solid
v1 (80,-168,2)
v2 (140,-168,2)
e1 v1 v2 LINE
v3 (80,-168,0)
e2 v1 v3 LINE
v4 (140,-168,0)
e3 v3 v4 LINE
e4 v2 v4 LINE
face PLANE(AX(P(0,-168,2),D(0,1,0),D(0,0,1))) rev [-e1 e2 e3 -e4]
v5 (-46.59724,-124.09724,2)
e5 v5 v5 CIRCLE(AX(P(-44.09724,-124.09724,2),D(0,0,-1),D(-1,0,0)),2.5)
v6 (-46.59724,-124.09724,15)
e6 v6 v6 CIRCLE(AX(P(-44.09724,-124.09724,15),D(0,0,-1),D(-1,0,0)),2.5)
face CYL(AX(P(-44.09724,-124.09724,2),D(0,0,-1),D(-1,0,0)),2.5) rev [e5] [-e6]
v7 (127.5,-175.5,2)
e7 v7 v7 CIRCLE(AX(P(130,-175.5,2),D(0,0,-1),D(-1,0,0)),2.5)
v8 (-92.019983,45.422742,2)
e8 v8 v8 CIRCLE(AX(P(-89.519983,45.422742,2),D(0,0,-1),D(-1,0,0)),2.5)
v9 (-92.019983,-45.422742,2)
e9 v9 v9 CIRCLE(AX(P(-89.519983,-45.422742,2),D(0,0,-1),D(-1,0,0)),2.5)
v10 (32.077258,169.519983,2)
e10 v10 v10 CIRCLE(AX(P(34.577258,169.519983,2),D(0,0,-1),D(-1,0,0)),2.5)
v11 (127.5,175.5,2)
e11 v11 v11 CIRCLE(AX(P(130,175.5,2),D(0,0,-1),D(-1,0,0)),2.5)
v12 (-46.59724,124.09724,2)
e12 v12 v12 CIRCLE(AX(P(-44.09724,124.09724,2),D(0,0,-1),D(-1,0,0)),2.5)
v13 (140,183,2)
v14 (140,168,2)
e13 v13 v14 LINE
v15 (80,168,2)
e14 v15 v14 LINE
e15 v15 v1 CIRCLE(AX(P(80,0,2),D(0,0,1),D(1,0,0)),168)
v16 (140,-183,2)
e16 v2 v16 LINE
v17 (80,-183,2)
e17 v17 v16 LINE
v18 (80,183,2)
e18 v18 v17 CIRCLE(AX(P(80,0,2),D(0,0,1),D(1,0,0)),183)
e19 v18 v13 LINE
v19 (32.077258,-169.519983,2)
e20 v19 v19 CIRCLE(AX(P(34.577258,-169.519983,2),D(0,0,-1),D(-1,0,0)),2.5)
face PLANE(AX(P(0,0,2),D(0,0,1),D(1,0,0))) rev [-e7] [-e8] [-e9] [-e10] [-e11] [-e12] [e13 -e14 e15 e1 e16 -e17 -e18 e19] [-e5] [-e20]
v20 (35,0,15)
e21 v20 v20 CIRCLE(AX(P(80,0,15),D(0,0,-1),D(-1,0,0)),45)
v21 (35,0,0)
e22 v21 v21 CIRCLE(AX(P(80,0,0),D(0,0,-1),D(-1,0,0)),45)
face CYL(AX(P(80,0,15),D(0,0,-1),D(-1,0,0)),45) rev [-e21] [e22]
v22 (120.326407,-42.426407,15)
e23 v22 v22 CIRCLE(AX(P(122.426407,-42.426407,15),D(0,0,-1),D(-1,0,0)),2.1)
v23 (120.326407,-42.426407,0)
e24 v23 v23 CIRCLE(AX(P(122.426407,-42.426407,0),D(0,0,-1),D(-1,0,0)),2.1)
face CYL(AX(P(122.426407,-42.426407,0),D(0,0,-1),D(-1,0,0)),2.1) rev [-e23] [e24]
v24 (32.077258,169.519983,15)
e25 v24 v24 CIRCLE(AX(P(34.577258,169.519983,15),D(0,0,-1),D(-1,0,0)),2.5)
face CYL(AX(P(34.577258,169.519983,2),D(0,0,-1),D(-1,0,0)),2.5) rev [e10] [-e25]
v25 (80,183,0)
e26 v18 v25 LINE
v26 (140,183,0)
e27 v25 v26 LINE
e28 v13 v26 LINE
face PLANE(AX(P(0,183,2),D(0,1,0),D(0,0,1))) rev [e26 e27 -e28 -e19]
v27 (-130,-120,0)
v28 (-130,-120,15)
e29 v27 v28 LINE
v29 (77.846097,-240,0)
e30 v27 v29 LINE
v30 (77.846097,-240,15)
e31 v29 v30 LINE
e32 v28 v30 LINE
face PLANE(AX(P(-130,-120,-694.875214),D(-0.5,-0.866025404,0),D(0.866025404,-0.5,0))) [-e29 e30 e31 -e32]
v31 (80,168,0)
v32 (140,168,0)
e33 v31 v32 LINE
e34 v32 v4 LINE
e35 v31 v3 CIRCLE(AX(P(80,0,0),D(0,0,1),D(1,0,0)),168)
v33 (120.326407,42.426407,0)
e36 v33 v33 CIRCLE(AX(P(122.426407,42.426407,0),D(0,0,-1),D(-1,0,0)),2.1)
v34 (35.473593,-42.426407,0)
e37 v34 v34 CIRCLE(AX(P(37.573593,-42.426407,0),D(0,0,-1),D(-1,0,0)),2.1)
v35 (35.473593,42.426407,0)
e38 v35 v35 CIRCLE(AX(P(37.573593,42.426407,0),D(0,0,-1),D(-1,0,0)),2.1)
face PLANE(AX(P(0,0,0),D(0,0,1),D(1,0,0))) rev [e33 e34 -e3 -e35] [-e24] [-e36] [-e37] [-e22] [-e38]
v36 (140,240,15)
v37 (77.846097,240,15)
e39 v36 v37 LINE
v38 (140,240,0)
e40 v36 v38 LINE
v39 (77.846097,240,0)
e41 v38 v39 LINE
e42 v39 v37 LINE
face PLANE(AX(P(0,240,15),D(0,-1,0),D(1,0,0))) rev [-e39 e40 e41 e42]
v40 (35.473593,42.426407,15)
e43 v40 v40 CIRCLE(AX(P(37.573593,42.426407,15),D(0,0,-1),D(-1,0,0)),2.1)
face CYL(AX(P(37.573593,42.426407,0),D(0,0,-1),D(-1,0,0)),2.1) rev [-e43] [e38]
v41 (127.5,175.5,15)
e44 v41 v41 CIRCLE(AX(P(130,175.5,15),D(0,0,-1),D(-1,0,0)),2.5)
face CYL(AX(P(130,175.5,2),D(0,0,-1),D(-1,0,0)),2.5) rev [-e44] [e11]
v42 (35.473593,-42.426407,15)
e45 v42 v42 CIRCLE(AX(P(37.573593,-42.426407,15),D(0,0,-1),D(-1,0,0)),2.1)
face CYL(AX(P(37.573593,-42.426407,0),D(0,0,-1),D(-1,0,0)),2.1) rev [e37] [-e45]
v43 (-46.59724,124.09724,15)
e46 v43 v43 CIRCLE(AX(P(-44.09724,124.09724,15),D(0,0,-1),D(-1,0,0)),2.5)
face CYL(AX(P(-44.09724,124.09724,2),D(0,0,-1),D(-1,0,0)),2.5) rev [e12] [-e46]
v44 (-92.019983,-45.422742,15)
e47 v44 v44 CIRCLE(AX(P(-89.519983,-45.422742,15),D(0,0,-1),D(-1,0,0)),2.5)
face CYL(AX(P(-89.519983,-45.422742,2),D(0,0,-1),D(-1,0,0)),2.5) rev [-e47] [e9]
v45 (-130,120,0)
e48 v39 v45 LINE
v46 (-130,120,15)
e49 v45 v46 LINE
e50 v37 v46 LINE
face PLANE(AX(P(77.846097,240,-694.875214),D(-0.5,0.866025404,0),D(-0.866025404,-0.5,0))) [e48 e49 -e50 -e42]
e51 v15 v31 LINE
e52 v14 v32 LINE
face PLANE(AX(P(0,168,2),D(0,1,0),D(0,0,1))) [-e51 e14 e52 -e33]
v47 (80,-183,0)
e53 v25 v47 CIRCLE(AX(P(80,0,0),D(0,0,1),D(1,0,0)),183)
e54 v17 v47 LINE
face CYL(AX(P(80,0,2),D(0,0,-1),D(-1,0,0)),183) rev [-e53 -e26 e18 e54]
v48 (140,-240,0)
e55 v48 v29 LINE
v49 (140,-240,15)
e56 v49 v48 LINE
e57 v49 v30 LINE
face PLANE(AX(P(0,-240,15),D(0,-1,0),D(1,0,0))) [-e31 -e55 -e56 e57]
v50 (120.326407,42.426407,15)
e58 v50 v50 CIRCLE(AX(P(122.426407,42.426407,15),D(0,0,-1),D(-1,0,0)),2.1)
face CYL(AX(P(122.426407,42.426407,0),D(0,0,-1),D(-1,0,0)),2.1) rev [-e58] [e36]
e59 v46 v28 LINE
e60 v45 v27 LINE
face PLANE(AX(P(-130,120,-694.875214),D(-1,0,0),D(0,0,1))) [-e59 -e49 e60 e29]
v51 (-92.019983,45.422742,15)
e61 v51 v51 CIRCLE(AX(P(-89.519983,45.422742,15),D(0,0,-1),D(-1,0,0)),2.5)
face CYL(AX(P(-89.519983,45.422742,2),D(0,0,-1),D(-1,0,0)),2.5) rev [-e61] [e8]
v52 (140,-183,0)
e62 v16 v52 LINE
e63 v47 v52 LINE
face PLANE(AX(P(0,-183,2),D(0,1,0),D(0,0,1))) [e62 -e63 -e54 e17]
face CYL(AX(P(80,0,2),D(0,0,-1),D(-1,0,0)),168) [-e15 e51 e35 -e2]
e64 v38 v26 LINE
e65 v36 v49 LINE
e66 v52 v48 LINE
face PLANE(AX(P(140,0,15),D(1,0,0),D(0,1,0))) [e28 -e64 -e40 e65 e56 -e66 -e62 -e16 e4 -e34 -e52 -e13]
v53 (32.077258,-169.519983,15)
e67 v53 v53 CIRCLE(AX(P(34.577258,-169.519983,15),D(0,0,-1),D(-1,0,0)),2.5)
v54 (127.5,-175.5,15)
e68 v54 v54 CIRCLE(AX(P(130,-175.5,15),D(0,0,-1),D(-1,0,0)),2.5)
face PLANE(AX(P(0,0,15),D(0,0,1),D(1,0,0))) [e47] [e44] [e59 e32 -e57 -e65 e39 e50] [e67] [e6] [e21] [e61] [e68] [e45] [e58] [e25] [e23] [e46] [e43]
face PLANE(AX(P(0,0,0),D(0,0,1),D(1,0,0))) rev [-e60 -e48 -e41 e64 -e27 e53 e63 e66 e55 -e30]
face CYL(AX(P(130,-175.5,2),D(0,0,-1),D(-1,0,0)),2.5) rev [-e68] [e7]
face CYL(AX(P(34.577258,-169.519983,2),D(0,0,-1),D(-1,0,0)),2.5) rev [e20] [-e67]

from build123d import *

# Parameters (mm, degrees)
EXTRUDE_1_DEPTH          = 15
CUT_EXTRUDE_2_DEPTH      = 2
SKETCH_2_R               = 45
CUT_EXTRUDE_3_DEPTH      = 279.25348156
CUT_EXTRUDE_4_DEPTH      = 279.25348156
CUT_EXTRUDE_4_DEPTH_BACK = 279.25348156
HOLE_WIZARD_M5_1_D       = 4.2
HOLE_WIZARD_M6_1_D       = 5


with BuildPart() as part:
    # 草图1 → 凸台-拉伸1 (new body)
    with BuildSketch(Plane.XY):
        with BuildLine():
            Line((140, 183), (140, 240))
            Line((140, 240), (-140, 240))
            Line((-140, 240), (-140, -240))
            Line((-140, -240), (140, -240))
            Line((140, -240), (140, -183))
            Line((140, -183), (80, -183))
            ThreePointArc((80, -183), (-103, 0), (80, 183))
            Line((80, 183), (140, 183))
        make_face()
        with BuildLine():
            Line((140, -168), (140, 168))
            Line((140, 168), (80, 168))
            ThreePointArc((80, 168), (-88, 0), (80, -168))
            Line((80, -168), (140, -168))
        make_face()
        with BuildLine():
            Line((140, 168), (140, 183))
            Line((140, 183), (80, 183))
            ThreePointArc((80, 183), (-103, 0), (80, -183))
            Line((80, -183), (140, -183))
            Line((140, -183), (140, -168))
            Line((140, -168), (80, -168))
            ThreePointArc((80, -168), (-88, 0), (80, 168))
            Line((80, 168), (140, 168))
        make_face()
    extrude(amount=EXTRUDE_1_DEPTH)

    # 草图1<4> → 切除-拉伸2 (cut)
    with BuildSketch(Plane.XY):
        with BuildLine():
            Line((140, 168), (140, 183))
            Line((140, 183), (80, 183))
            ThreePointArc((80, 183), (-103, 0), (80, -183))
            Line((80, -183), (140, -183))
            Line((140, -183), (140, -168))
            Line((140, -168), (80, -168))
            ThreePointArc((80, -168), (-88, 0), (80, 168))
            Line((80, 168), (140, 168))
        make_face()
    extrude(amount=CUT_EXTRUDE_2_DEPTH, mode=Mode.SUBTRACT)

    # 草图2 → 切除-拉伸3 (cut, through all)
    with BuildSketch(Plane(origin=(0, 0, 0), x_dir=(-1, 0, 0), z_dir=(0, 0, -1))):
        with Locations((-80, 0)):
            Circle(SKETCH_2_R)
    extrude(amount=-CUT_EXTRUDE_3_DEPTH, mode=Mode.SUBTRACT)

    # 草图3 → 切除-拉伸4 (cut, two sides: drawn at the far end of the back side and taken through both)
    with BuildSketch(Plane(origin=(0, 0, 0), x_dir=(-1, 0, 0), z_dir=(0, 0, -1)).offset(-CUT_EXTRUDE_4_DEPTH_BACK)):
        Polygon((140, 240), (-77.846096908, 240), (130, 120), (130, -120), (-77.846096908, -240), (140, -240), align=None)
    extrude(amount=CUT_EXTRUDE_4_DEPTH + CUT_EXTRUDE_4_DEPTH_BACK, mode=Mode.SUBTRACT)

    # M5 螺纹孔1 (through all)
    with Locations(Plane(origin=(0, 0, 0), x_dir=(-1, 0, 0), z_dir=(0, 0, -1))):
        with Locations((-122.426406871, 42.426406871), (-37.573593129, 42.426406871), (-37.573593129, -42.426406871), (-122.426406871, -42.426406871)):
            Hole(HOLE_WIZARD_M5_1_D / 2)

    # M6 螺纹孔1 (through all)
    with Locations(Plane(origin=(130, 175.5, 2), x_dir=(-1, 0, 0), z_dir=(0, 0, -1))):
        with Locations((0, 0), (95.422742415, -5.980017486), (174.097240098, -51.402759902), (219.519982514, -130.077257585), (219.519982514, -220.922742415), (174.097240098, -299.597240098), (95.422742415, -345.019982514), (0, -351)):
            Hole(HOLE_WIZARD_M6_1_D / 2)


solid = part.part
